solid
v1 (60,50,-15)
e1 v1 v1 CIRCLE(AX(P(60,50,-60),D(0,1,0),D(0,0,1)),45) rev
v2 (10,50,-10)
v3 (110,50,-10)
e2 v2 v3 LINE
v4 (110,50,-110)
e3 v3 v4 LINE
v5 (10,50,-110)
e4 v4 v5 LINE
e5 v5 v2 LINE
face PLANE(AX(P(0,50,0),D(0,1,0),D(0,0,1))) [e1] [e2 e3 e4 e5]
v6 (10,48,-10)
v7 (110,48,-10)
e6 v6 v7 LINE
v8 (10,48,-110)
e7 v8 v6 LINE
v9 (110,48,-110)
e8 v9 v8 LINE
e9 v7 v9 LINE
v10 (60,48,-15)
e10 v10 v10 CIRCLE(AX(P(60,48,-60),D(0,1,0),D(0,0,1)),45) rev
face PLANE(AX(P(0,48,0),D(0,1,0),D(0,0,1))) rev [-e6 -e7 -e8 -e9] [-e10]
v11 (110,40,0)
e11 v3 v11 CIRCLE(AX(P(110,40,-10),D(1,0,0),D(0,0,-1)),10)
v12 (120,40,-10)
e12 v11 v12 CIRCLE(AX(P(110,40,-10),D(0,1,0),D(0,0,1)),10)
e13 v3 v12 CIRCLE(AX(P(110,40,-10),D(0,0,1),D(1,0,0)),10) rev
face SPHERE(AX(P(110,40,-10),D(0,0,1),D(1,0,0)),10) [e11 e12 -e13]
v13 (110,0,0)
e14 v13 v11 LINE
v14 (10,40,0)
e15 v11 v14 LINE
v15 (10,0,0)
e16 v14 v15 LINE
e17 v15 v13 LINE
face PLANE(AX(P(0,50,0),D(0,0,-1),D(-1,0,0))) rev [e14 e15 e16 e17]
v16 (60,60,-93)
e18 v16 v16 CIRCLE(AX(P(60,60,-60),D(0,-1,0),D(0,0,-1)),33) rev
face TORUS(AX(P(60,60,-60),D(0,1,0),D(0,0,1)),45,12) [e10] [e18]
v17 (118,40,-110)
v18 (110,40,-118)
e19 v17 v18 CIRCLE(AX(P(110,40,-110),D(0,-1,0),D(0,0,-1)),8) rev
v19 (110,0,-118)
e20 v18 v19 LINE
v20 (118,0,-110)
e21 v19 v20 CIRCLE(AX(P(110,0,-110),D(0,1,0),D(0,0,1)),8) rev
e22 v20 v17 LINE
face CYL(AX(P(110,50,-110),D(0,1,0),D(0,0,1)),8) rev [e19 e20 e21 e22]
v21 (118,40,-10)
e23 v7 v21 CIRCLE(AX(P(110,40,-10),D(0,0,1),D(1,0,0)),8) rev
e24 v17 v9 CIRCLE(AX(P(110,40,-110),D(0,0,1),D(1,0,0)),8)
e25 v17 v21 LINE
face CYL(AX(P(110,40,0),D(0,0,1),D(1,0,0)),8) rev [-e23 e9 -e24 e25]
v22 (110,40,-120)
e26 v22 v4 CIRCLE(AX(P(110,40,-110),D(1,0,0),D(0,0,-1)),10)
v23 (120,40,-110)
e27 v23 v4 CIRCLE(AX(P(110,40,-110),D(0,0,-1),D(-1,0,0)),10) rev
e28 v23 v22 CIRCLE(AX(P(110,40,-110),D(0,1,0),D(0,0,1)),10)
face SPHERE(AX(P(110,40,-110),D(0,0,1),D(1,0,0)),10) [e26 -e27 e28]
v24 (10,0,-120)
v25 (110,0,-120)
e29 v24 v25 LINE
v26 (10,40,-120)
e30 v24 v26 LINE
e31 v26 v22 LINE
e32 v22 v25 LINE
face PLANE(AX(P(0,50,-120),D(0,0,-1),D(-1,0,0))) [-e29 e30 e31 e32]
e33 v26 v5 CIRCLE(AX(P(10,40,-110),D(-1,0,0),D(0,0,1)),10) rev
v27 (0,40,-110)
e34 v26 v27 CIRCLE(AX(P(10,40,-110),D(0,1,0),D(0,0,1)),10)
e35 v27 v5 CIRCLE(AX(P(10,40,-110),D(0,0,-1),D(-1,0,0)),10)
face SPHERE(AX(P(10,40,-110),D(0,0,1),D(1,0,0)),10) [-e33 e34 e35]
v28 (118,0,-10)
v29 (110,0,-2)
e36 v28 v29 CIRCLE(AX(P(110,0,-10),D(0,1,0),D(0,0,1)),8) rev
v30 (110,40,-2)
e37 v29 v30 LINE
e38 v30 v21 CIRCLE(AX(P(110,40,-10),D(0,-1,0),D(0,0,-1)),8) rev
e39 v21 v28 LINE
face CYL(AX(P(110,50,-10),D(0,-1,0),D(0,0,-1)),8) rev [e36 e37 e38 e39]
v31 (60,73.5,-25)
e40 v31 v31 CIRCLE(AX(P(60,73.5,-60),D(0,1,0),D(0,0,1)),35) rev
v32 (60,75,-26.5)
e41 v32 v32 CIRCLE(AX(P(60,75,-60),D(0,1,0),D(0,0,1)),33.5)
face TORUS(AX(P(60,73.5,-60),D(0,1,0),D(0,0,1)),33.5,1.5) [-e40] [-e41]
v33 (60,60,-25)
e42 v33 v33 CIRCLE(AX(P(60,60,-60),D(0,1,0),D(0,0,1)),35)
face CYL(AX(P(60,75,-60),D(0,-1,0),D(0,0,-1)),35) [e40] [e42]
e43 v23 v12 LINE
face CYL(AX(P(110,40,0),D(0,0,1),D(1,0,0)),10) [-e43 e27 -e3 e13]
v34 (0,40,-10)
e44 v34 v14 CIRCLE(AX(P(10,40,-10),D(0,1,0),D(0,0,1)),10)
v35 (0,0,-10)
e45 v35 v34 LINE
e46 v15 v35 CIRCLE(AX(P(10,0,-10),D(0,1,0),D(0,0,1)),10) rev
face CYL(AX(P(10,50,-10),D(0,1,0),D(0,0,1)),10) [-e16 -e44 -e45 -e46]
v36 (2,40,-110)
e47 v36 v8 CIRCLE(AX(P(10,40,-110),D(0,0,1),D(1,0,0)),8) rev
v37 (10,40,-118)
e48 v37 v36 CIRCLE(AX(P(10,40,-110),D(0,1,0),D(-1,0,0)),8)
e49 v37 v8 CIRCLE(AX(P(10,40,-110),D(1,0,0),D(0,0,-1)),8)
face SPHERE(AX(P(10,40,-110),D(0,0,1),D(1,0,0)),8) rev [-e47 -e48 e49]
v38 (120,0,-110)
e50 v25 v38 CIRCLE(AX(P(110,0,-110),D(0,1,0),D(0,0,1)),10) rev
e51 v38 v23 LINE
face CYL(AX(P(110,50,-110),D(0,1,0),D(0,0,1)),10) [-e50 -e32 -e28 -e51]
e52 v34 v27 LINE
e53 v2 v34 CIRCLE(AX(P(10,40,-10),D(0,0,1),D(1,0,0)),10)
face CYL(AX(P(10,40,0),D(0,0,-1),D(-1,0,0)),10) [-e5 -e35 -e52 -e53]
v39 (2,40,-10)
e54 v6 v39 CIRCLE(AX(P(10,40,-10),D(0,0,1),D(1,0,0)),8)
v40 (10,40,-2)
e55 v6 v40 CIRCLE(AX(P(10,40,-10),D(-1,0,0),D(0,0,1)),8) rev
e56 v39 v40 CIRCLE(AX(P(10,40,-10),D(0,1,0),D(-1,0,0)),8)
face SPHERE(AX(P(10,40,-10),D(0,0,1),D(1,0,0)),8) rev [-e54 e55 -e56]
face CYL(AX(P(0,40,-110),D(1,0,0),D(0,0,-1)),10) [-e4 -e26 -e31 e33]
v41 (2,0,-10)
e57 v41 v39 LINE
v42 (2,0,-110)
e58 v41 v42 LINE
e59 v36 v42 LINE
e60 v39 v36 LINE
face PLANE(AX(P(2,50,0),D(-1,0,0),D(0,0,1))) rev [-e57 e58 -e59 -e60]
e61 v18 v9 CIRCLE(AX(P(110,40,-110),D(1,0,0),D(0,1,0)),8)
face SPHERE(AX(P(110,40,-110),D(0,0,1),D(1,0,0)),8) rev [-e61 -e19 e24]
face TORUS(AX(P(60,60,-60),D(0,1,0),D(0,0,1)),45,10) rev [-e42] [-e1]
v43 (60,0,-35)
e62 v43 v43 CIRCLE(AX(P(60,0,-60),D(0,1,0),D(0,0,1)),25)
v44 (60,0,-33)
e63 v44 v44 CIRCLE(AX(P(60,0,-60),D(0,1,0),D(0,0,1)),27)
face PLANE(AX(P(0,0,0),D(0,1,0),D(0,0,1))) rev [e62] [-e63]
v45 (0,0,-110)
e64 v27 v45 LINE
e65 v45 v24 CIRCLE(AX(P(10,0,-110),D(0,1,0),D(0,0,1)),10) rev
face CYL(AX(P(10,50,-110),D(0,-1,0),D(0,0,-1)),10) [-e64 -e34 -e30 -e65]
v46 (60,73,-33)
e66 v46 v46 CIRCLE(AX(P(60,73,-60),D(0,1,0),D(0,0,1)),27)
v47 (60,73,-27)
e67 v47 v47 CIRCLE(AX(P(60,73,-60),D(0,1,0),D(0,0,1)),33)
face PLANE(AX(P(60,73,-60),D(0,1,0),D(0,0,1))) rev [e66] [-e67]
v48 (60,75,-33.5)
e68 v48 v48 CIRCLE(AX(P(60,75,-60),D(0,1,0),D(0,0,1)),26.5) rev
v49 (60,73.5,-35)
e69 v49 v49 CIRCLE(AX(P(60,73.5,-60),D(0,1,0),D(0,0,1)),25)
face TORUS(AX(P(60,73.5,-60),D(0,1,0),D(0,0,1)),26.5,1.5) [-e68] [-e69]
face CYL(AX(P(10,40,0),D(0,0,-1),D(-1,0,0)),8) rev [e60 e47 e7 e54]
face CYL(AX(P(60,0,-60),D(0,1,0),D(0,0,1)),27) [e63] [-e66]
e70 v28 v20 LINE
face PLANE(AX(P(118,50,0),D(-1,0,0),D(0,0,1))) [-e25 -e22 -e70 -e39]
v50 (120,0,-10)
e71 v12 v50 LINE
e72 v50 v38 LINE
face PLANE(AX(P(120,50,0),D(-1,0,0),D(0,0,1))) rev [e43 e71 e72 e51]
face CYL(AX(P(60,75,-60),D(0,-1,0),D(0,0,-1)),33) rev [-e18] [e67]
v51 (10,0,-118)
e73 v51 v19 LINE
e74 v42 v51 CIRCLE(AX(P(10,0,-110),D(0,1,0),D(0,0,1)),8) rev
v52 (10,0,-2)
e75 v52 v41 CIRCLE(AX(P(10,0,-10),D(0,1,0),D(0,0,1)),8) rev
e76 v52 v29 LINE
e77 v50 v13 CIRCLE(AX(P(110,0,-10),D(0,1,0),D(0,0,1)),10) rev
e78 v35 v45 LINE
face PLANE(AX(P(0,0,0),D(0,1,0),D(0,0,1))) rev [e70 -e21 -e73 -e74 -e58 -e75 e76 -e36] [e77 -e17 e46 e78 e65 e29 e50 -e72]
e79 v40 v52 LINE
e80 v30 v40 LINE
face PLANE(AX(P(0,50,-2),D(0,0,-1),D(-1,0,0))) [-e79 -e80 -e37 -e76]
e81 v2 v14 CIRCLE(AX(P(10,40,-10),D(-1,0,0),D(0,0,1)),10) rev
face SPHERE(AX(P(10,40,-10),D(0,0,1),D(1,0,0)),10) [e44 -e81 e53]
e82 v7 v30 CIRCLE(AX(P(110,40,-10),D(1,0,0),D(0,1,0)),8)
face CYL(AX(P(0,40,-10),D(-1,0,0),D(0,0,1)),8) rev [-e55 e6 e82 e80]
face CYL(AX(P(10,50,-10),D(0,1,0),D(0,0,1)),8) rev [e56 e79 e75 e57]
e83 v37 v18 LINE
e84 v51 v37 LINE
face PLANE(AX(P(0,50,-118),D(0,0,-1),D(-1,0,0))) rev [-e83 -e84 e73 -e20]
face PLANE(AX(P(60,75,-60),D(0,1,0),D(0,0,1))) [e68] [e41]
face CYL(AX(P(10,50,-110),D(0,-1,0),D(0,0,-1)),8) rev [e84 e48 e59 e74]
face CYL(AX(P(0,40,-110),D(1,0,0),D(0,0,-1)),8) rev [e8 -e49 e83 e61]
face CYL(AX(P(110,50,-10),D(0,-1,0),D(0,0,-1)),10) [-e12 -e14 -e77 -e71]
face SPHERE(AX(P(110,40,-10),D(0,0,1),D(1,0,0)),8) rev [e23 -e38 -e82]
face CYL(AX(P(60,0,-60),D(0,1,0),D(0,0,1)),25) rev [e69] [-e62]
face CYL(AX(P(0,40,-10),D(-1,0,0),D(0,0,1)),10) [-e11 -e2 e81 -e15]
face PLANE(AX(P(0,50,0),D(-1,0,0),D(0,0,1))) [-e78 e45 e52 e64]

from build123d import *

# Parameters (mm, degrees)
SKETCH3_W           = 120
SKETCH3_H           = 120
BOSS_EXTRUDE2_DEPTH = 50
SKETCH4_R           = 35
BOSS_EXTRUDE3_DEPTH = 25
SKETCH9_R           = 25
CUT_EXTRUDE3_DEPTH  = 186.539753153
FILLET4_R           = 10
FILLET5_R           = 1.5
SHELL2_T            = -2


with BuildPart() as part:
    # Sketch3 → Boss-Extrude2 (new body)
    with BuildSketch(Plane(origin=(0, 0, 0), x_dir=(1, 0, 0), z_dir=(0, 1, 0))):
        with Locations((60, 60)):
            Rectangle(SKETCH3_W, SKETCH3_H)
    extrude(amount=BOSS_EXTRUDE2_DEPTH)

    # Sketch4 → Boss-Extrude3 (add)
    with BuildSketch(Plane(origin=(0, 50, 0), x_dir=(1, 0, 0), z_dir=(0, 1, 0))):
        with Locations(Location((60, 60, 0), (0, 0, 270))):
            Circle(SKETCH4_R)
    extrude(amount=BOSS_EXTRUDE3_DEPTH)

    # Sketch9 → Cut-Extrude3 (cut, through all)
    with BuildSketch(Plane(origin=(0, 75, 0), x_dir=(1, 0, 0), z_dir=(0, 1, 0))):
        with Locations(Location((60, 60, 0), (0, 0, 270))):
            Circle(SKETCH9_R)
    extrude(amount=-CUT_EXTRUDE3_DEPTH, mode=Mode.SUBTRACT)

    # Fillet4
    fillet4_edges = [part.edges().sort_by_distance(p)[0] for p in [
        (60, 50, 0),
        (60, 50, -95),
        (0, 50, -60),
        (60, 50, -120),
        (0, 25, -120),
        (0, 25, 0),
        (120, 25, 0),
        (120, 25, -120),
        (120, 50, -60),
    ]]
    fillet(fillet4_edges, radius=FILLET4_R)

    # Fillet5
    fillet5_edges = [part.edges().sort_by_distance(p)[0] for p in [
        (60, 75, -95),
        (60, 75, -85),
    ]]
    fillet(fillet5_edges, radius=FILLET5_R)

    # Shell2
    shell2_openings = [part.faces().sort_by_distance(p)[0] for p in [
        (60, 0, -1.697056275),
    ]]
    offset(amount=SHELL2_T, openings=shell2_openings, kind=Kind.INTERSECTION)


solid = part.part
